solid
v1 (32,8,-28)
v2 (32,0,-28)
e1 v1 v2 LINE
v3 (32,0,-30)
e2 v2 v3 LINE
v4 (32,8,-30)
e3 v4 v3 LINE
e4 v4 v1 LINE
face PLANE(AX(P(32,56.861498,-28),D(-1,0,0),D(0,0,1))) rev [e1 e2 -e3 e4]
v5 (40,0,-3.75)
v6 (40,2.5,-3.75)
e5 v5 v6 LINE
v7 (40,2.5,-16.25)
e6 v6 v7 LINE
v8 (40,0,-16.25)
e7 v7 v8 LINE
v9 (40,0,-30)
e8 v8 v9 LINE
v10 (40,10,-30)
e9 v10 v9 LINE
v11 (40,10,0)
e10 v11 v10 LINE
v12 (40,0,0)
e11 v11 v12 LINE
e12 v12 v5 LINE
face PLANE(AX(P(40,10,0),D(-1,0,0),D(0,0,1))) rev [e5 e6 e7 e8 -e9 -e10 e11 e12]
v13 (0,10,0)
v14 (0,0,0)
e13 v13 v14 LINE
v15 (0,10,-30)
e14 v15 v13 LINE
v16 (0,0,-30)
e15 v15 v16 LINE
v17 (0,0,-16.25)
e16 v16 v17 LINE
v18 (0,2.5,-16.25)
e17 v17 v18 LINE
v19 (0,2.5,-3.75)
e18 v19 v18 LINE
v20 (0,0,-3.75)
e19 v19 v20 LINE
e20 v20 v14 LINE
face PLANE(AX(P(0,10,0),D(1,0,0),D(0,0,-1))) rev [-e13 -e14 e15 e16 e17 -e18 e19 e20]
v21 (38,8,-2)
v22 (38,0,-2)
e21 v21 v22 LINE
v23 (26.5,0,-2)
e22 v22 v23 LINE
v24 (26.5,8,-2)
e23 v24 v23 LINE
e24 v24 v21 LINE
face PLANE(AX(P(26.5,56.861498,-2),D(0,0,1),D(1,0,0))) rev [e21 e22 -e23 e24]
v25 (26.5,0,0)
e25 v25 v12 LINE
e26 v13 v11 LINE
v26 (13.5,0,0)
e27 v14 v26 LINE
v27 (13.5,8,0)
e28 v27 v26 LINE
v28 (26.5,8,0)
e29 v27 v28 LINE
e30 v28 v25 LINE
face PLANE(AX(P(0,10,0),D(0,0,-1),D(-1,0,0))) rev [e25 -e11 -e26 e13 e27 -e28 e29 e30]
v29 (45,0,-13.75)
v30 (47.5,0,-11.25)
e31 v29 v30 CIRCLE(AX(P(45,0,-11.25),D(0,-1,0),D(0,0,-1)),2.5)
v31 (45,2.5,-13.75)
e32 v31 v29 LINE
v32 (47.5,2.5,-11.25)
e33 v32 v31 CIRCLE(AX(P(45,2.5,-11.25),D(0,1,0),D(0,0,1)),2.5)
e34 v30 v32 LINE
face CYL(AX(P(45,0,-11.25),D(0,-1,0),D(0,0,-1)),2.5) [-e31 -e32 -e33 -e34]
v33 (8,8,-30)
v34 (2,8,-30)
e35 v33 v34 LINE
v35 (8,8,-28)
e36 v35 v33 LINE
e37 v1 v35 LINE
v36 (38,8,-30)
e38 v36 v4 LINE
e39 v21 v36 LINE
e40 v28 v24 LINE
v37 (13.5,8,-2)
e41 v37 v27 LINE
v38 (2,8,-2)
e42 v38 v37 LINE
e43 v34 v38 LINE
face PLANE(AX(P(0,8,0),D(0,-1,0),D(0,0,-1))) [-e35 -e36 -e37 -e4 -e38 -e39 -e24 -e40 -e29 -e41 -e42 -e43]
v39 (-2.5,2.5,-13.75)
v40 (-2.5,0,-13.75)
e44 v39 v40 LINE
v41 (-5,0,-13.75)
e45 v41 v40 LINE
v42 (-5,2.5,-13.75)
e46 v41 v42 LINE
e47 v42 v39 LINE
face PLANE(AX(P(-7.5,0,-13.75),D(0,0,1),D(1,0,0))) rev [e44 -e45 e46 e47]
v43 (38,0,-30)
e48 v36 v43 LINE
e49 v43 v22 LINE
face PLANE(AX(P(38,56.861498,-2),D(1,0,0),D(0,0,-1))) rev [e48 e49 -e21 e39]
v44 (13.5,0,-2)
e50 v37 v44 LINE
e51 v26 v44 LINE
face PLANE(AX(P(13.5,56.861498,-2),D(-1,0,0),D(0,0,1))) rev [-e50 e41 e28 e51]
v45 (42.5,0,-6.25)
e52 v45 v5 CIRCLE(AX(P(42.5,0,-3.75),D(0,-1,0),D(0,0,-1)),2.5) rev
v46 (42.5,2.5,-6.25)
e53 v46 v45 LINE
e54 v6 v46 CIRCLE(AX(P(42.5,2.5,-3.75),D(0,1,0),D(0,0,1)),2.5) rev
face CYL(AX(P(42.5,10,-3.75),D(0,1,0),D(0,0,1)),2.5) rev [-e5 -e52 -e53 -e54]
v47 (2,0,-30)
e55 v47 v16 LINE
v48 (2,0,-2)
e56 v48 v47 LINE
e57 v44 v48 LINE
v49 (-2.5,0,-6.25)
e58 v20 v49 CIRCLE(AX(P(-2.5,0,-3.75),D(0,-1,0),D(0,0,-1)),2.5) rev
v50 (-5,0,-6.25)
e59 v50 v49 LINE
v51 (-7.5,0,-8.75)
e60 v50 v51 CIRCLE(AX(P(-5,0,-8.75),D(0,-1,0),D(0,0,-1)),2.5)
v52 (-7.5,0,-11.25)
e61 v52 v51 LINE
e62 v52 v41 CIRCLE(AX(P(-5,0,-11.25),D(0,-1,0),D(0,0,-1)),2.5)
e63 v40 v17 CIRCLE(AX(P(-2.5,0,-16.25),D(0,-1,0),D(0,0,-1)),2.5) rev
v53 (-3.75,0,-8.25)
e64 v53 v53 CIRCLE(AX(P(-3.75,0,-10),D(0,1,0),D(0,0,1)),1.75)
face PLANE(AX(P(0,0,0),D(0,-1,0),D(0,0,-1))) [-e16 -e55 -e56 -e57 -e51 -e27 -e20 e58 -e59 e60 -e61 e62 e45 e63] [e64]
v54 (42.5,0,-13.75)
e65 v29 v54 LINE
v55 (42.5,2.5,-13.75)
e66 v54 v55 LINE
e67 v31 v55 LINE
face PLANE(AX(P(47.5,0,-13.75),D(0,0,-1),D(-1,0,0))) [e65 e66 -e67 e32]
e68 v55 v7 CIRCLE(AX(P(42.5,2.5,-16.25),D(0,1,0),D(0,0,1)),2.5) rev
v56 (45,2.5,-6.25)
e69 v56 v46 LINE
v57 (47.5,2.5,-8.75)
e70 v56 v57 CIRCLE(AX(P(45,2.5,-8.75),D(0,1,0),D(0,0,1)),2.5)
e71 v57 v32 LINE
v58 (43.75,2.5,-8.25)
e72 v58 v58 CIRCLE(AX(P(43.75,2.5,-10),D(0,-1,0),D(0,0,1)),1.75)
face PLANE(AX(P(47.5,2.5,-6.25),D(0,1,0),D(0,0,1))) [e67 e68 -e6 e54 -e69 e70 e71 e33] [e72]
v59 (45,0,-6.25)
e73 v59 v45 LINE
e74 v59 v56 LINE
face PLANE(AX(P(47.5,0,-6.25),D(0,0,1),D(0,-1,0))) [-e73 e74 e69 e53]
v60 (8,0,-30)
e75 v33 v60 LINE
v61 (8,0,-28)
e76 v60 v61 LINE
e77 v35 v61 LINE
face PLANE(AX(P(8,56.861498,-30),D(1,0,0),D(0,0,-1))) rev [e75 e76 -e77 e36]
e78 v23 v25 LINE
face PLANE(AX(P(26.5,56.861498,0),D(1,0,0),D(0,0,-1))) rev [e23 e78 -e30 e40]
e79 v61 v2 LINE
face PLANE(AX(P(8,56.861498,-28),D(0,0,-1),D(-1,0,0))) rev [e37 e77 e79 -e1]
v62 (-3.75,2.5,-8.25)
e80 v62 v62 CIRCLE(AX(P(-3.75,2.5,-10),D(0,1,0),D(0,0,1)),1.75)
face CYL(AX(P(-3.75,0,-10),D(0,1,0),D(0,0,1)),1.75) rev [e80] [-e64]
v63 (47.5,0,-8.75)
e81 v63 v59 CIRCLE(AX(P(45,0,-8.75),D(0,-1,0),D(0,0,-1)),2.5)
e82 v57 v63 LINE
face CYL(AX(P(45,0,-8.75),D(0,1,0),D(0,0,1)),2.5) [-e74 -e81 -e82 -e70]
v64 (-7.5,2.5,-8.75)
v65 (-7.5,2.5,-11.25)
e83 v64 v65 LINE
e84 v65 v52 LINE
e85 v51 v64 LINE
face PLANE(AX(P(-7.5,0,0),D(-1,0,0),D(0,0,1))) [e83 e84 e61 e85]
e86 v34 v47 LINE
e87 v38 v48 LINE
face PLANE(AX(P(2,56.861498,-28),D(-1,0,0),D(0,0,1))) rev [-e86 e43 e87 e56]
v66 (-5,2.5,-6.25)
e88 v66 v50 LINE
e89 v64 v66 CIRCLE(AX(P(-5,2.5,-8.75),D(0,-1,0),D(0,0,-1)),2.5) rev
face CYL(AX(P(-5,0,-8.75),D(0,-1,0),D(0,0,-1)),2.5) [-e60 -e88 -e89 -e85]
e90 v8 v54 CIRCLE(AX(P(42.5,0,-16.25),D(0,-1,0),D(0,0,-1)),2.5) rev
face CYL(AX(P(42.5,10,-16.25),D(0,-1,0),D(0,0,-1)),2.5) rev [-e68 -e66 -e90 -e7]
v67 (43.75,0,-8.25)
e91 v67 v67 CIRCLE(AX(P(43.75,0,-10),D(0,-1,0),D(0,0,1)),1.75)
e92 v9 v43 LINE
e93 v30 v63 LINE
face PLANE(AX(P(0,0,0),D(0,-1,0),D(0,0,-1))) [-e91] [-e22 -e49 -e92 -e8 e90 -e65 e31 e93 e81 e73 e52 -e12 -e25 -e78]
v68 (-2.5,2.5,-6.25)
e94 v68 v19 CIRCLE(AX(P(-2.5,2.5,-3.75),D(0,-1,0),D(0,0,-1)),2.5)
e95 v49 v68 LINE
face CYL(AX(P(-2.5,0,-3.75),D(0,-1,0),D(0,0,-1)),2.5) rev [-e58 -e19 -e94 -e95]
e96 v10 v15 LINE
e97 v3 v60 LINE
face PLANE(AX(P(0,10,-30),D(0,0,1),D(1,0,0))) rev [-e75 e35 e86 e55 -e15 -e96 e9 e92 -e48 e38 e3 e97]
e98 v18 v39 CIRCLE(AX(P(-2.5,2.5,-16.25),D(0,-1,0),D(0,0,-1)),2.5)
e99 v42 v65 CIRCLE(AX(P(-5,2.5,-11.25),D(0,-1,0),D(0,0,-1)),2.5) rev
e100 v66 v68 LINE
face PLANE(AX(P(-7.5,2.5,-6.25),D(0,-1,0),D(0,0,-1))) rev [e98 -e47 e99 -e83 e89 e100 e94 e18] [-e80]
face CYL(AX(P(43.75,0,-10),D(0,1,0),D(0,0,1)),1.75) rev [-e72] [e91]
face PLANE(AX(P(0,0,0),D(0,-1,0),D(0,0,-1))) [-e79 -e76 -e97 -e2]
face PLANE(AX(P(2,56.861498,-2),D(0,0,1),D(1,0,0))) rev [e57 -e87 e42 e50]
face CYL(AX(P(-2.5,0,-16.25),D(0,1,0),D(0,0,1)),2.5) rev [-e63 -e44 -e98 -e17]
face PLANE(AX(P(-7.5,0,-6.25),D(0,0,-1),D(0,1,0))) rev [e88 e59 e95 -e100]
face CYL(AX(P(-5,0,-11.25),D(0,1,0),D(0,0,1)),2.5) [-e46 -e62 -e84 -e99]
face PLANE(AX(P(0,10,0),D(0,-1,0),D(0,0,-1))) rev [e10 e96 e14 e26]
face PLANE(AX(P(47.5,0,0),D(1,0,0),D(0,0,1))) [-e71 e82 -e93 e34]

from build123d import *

# Parameters (mm, degrees)
SKETCH1_W           = 40
SKETCH1_H           = 30
BOSS_EXTRUDE1_DEPTH = 10
CUT_EXTRUDE1_DEPTH  = 8
SKETCH3_W           = 7.5
SKETCH3_H           = 2.5
BOSS_EXTRUDE2_DEPTH = 7.5
SKETCH4_R           = 1.75
CUT_EXTRUDE2_DEPTH  = 51.55937104
FILLET1_R           = 2.5
FILLET2_R           = 2.5


with BuildPart() as part:
    # Sketch1 → Boss-Extrude1 (new body)
    with BuildSketch(Plane(origin=(0, 0, 0), x_dir=(1, 0, 0), z_dir=(0, 1, 0))):
        with Locations((20, 15)):
            Rectangle(SKETCH1_W, SKETCH1_H)
    extrude(amount=BOSS_EXTRUDE1_DEPTH)

    # Sketch2 → Cut-Extrude1 (cut)
    with BuildSketch(Plane.XZ):
        Polygon((13.5, 0), (26.5, 0), (26.5, -2), (38, -2), (38, -28), (38, -30), (32, -30), (32, -28), (8, -28), (8, -30), (2, -30), (2, -28), (2, -2), (13.5, -2), align=None)
    extrude(amount=-CUT_EXTRUDE1_DEPTH, mode=Mode.SUBTRACT)

    # Sketch3 → Boss-Extrude2 (add)
    with BuildSketch(Plane.ZY):
        with Locations((-10, 1.25)):
            Rectangle(SKETCH3_W, SKETCH3_H)
    boss_extrude2 = extrude(amount=BOSS_EXTRUDE2_DEPTH)

    # Sketch4 → Cut-Extrude2 (cut, through all)
    with BuildSketch(Plane(origin=(0, 2.5, 0), x_dir=(1, 0, 0), z_dir=(0, 1, 0))):
        with Locations(Location((-3.75, 10, 0), (0, 0, 270))):
            Circle(SKETCH4_R)
    cut_extrude2 = extrude(amount=-CUT_EXTRUDE2_DEPTH, mode=Mode.SUBTRACT)

    # Fillet1
    fillet1_edges = [part.edges().sort_by_distance(p)[0] for p in [
        (0, 1.25, -6.25),
        (0, 1.25, -13.75),
        (-7.5, 1.25, -6.25),
        (-7.5, 1.25, -13.75),
    ]]
    fillet(fillet1_edges, radius=FILLET1_R)

    # Mirror1: Boss-Extrude2, Cut-Extrude2 across plane
    add(boss_extrude2.mirror(Plane.ZY.offset(-20)))
    add(cut_extrude2.mirror(Plane.ZY.offset(-20)), mode=Mode.SUBTRACT)

    # Fillet2
    fillet2_edges = [part.edges().sort_by_distance(p)[0] for p in [
        (47.5, 1.25, -6.25),
        (47.5, 1.25, -13.75),
        (40, 1.25, -6.25),
        (40, 1.25, -13.75),
    ]]
    fillet(fillet2_edges, radius=FILLET2_R)


solid = part.part
